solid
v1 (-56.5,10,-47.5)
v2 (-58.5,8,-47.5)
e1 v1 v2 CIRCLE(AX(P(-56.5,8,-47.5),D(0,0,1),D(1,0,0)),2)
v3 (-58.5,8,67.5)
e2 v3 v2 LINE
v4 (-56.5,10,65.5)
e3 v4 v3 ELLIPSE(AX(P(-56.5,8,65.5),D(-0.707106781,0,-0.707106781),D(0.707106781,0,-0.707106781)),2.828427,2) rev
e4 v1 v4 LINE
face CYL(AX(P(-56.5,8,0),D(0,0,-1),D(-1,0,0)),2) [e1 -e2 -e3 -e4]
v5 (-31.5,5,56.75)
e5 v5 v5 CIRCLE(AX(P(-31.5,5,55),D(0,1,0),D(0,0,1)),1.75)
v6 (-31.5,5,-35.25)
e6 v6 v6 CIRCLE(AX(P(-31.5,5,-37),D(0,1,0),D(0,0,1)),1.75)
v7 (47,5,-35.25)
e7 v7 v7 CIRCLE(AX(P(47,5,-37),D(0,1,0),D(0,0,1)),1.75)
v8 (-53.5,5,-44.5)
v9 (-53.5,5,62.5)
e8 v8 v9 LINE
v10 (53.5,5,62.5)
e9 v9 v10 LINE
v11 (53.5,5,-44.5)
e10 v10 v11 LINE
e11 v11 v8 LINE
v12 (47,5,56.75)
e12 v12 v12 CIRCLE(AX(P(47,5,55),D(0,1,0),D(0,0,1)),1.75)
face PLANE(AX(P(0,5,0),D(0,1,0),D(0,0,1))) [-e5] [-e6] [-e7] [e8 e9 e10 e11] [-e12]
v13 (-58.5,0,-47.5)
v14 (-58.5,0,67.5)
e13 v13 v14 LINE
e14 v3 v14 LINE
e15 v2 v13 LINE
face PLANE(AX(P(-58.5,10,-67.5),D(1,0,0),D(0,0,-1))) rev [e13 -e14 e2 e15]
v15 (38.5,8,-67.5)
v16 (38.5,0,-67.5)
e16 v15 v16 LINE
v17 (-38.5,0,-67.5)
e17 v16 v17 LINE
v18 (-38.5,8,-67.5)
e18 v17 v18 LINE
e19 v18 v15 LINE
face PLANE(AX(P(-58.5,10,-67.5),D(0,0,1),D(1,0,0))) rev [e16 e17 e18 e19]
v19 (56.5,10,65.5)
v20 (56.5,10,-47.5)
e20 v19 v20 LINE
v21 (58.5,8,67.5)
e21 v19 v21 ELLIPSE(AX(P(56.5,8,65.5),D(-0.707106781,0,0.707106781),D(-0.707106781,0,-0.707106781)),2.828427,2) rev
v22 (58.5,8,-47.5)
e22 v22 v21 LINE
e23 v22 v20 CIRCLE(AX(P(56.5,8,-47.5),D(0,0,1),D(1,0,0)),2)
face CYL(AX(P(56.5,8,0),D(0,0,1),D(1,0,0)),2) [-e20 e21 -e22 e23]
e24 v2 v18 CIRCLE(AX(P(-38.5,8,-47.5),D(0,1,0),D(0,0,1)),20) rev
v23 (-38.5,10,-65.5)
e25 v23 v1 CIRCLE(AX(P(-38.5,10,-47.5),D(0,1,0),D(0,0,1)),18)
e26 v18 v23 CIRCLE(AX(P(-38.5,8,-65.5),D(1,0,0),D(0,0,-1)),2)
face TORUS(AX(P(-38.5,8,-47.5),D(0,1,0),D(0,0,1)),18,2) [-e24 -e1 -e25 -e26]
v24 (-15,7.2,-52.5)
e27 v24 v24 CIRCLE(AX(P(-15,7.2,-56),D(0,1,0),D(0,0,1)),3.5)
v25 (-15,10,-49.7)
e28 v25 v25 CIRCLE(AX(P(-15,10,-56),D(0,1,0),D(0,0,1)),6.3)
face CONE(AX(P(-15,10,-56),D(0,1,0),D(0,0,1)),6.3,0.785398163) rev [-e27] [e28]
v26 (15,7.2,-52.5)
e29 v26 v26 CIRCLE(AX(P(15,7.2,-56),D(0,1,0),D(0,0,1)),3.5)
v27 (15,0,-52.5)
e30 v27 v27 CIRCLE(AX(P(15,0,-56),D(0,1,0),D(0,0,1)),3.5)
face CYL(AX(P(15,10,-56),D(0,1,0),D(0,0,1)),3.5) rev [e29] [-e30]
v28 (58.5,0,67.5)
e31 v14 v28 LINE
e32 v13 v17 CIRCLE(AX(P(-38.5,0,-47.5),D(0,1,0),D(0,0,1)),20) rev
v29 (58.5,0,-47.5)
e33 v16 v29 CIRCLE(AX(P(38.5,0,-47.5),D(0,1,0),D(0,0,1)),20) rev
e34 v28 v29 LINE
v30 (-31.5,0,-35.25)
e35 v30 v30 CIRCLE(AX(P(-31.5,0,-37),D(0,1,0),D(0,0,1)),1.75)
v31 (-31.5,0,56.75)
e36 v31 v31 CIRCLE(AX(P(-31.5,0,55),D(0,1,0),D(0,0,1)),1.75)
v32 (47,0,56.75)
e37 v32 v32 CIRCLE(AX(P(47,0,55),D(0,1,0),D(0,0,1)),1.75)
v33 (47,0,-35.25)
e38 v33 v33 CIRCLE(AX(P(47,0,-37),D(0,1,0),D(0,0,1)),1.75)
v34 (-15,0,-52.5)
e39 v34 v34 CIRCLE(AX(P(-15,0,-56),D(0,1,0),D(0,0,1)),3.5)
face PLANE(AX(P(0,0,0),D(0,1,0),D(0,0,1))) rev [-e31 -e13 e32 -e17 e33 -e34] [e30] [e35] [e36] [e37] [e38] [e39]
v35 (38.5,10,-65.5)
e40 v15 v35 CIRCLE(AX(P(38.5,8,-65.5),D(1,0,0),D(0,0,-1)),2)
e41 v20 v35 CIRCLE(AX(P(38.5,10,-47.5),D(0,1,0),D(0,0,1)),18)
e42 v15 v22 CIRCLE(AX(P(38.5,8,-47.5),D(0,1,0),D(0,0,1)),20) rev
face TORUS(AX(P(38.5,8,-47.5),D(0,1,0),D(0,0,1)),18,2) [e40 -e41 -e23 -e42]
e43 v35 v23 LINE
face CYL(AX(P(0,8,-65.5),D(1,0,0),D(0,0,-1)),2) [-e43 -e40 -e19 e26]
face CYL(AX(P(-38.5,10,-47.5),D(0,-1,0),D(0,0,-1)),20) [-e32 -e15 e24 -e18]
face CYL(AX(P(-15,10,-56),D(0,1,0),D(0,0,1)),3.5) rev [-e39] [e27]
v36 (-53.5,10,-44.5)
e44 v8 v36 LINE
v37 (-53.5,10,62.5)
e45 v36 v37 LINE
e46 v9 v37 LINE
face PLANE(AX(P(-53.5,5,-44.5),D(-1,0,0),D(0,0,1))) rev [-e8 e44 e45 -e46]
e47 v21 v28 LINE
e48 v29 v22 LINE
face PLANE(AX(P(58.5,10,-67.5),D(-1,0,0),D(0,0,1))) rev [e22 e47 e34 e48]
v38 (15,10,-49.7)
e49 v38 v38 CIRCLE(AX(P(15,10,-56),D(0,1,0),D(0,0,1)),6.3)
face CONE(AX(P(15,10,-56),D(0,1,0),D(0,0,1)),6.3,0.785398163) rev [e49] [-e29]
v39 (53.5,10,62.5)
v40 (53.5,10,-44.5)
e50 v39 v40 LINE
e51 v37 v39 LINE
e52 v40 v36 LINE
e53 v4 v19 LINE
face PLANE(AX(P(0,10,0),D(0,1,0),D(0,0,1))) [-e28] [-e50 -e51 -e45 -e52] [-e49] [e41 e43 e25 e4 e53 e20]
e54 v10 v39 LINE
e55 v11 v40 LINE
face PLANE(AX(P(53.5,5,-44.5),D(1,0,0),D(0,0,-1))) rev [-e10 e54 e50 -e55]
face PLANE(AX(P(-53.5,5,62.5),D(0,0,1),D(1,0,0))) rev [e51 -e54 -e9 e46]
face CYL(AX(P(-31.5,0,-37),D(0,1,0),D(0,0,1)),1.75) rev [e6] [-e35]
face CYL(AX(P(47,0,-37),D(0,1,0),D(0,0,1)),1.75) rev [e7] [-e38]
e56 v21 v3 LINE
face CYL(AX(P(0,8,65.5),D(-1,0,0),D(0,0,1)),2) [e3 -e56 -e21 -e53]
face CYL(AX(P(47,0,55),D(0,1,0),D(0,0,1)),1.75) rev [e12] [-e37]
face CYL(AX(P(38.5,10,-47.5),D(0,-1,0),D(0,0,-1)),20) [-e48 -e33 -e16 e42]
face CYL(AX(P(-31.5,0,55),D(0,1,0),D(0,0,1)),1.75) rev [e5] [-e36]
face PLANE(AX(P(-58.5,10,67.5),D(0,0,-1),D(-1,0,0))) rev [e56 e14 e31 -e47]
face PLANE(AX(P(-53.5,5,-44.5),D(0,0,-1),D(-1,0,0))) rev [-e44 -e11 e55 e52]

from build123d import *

# Parameters (mm, degrees)
SKETCH2_W                                       = 117
SKETCH2_H                                       = 135
BOSS_EXTRUDE1_DEPTH                             = 10
SKETCH4_W                                       = 107
SKETCH4_H                                       = 107
CUT_EXTRUDE1_DEPTH                              = 5
SKETCH3_R                                       = 1.75
CUT_EXTRUDE2_DEPTH                              = 90.462282555
CSK_FOR_M6_FLAT_HEAD_MACHINE_SCREW1_D           = 7
CSK_FOR_M6_FLAT_HEAD_MACHINE_SCREW1_CSINK_D     = 12.6
CSK_FOR_M6_FLAT_HEAD_MACHINE_SCREW1_CSINK_ANGLE = 90
FILLET1_R                                       = 20
FILLET2_R                                       = 2


with BuildPart() as part:
    # Sketch2 → Boss-Extrude1 (new body)
    with BuildSketch(Plane(origin=(0, 0, 0), x_dir=(1, 0, 0), z_dir=(0, 1, 0))):
        Rectangle(SKETCH2_W, SKETCH2_H)
    extrude(amount=BOSS_EXTRUDE1_DEPTH)

    # Sketch4 → Cut-Extrude1 (cut)
    with BuildSketch(Plane(origin=(0, 10, 0), x_dir=(1, 0, 0), z_dir=(0, 1, 0))):
        with Locations((0, -9)):
            Rectangle(SKETCH4_W, SKETCH4_H)
    extrude(amount=-CUT_EXTRUDE1_DEPTH, mode=Mode.SUBTRACT)

    # Sketch3 → Cut-Extrude2 (cut, through all)
    with BuildSketch(Plane(origin=(0, 5, 0), x_dir=(1, 0, 0), z_dir=(0, 1, 0))):
        with Locations(Location((-31.5, 37, 0), (0, 0, 270))):
            Circle(SKETCH3_R)
        with Locations(Location((47, 37, 0), (0, 0, 270))):
            Circle(SKETCH3_R)
        with Locations(Location((47, -55, 0), (0, 0, 270))):
            Circle(SKETCH3_R)
        with Locations(Location((-31.5, -55, 0), (0, 0, 270))):
            Circle(SKETCH3_R)
    extrude(amount=-CUT_EXTRUDE2_DEPTH, mode=Mode.SUBTRACT)

    # CSK for M6 Flat Head Machine Screw1 (through all)
    with Locations(Plane(origin=(0, 10, 0), x_dir=(1, 0, 0), z_dir=(0, 1, 0))):
        with Locations((-15, 56), (15, 56)):
            CounterSinkHole(CSK_FOR_M6_FLAT_HEAD_MACHINE_SCREW1_D / 2, CSK_FOR_M6_FLAT_HEAD_MACHINE_SCREW1_CSINK_D / 2, counter_sink_angle=CSK_FOR_M6_FLAT_HEAD_MACHINE_SCREW1_CSINK_ANGLE)

    # Fillet1
    fillet1_edges = [part.edges().sort_by_distance(p)[0] for p in [
        (-58.5, 5, -67.5),
        (58.5, 5, -67.5),
    ]]
    fillet(fillet1_edges, radius=FILLET1_R)

    # Fillet2
    fillet2_edges = [part.edges().sort_by_distance(p)[0] for p in [
        (0, 10, 67.5),
        (58.5, 10, 10),
        (0, 10, -67.5),
        (-58.5, 10, 10),
        (-52.642135624, 10, -61.642135624),
        (52.642135624, 10, -61.642135624),
    ]]
    fillet(fillet2_edges, radius=FILLET2_R)


solid = part.part
